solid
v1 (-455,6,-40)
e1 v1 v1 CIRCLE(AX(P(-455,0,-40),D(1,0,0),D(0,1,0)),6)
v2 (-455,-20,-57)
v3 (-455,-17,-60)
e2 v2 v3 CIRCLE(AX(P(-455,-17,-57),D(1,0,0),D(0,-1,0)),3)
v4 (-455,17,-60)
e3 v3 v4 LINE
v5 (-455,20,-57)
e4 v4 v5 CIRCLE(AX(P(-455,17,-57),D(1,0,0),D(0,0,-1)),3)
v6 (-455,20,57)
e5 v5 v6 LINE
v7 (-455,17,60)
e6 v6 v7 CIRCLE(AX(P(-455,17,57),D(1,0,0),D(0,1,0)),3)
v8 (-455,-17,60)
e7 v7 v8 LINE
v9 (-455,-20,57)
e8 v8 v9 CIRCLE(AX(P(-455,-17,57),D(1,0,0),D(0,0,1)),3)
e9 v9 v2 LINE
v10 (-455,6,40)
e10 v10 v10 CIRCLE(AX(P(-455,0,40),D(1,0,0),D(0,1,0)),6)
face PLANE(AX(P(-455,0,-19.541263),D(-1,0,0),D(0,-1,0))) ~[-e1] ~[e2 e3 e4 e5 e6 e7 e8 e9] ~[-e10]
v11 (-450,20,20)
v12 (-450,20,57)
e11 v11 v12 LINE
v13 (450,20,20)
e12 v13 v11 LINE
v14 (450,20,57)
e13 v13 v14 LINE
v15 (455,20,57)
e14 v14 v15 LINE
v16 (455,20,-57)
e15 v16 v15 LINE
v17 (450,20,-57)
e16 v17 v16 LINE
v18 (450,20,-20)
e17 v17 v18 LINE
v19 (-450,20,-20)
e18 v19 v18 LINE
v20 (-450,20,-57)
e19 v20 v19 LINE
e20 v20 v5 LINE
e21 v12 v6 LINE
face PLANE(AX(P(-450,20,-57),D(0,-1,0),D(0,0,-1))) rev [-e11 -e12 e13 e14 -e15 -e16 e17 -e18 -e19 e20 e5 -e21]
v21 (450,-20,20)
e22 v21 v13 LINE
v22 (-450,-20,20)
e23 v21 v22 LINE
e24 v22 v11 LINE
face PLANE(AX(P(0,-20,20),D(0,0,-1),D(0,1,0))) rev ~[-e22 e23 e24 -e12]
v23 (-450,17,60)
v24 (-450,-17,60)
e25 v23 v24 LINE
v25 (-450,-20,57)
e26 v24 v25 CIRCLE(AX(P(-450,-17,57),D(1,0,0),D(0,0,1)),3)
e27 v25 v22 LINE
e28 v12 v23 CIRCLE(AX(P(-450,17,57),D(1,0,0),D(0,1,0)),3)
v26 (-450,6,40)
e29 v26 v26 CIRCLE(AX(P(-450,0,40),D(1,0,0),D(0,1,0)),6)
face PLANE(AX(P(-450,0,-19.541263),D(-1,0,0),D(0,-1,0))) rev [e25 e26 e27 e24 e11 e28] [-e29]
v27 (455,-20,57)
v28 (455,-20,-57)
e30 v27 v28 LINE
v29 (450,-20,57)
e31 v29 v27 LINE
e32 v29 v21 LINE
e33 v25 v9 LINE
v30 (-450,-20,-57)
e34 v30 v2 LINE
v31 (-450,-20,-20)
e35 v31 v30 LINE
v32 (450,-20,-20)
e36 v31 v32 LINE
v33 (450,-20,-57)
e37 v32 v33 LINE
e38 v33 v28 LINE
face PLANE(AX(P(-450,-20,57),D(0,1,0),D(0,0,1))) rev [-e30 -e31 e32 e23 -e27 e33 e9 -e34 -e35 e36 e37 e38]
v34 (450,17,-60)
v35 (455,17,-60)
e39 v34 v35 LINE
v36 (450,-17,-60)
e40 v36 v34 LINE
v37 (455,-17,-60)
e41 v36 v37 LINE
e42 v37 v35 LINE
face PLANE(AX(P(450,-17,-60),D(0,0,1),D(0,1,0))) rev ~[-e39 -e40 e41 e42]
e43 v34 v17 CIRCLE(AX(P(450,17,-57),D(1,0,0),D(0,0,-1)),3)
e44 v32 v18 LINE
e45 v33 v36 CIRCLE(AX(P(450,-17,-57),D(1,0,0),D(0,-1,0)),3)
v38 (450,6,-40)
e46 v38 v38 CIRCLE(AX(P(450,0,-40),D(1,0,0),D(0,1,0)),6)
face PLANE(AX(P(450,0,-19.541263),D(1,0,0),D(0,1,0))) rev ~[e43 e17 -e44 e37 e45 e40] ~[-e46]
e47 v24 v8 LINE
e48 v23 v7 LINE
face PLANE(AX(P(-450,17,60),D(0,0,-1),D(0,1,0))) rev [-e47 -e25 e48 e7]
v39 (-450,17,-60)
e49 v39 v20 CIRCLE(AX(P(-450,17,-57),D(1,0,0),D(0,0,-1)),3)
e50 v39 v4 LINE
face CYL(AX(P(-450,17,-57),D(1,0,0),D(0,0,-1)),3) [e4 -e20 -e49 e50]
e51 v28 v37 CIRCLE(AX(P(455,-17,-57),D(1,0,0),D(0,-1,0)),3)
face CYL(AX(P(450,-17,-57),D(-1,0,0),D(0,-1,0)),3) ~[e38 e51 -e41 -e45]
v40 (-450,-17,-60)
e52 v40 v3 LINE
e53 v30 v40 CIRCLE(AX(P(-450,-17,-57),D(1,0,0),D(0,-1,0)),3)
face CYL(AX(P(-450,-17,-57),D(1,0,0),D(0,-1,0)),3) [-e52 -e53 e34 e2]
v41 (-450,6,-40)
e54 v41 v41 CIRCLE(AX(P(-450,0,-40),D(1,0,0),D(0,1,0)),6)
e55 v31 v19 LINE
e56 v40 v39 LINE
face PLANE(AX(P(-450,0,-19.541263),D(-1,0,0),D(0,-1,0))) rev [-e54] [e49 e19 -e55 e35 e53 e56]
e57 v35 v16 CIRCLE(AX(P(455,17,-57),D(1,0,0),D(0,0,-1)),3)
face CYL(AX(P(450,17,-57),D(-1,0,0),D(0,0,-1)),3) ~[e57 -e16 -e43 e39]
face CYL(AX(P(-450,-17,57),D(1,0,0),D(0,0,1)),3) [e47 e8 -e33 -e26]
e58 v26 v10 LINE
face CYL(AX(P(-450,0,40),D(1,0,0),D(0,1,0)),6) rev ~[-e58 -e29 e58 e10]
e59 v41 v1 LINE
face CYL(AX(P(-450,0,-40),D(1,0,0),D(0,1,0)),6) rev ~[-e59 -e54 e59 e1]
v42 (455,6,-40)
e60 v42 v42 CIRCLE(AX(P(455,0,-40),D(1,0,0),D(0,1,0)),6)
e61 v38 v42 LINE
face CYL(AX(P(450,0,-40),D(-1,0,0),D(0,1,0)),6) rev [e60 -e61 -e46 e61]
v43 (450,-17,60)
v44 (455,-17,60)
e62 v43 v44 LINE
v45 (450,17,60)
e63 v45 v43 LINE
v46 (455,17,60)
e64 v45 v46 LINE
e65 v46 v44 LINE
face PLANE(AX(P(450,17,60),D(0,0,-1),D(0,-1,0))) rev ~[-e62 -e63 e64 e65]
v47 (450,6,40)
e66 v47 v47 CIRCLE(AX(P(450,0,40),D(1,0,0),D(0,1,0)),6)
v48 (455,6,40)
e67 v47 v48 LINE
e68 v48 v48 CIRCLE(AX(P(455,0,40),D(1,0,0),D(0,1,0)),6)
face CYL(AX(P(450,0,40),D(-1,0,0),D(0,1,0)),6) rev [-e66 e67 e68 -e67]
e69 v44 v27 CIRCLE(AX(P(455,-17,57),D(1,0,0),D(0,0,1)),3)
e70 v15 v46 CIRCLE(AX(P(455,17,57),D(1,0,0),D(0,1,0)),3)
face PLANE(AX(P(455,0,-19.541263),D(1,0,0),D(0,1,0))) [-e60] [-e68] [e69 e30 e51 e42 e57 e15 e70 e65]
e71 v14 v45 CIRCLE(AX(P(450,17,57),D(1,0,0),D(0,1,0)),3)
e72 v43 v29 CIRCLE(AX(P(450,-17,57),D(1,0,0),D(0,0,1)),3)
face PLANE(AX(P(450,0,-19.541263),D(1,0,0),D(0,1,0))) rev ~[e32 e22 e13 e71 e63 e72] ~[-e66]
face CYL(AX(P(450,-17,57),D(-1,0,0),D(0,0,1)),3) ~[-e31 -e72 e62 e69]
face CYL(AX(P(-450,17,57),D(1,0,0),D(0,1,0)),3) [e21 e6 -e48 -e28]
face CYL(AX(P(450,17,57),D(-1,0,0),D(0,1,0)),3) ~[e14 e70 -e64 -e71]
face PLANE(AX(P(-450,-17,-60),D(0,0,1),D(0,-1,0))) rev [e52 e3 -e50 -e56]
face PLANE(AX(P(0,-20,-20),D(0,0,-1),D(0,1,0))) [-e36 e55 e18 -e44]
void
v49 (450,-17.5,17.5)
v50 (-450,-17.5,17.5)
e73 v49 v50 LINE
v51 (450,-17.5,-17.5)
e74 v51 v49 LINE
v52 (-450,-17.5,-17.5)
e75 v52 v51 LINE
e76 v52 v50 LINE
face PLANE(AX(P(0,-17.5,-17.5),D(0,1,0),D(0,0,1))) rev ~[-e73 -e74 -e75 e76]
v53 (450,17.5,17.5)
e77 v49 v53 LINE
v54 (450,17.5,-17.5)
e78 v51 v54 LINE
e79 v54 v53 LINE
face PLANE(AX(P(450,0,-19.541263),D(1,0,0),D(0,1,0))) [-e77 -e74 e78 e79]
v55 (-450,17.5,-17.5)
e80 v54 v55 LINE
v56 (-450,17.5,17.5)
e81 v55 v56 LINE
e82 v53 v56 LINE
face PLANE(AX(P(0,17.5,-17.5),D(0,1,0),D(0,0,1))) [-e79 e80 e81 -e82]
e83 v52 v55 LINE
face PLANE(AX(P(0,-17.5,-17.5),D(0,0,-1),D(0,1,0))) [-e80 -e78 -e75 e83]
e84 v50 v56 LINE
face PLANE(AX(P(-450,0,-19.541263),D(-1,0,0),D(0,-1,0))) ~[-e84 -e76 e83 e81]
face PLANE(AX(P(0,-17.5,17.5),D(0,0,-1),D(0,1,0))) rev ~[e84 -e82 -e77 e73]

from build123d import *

# Parameters (mm, degrees)
F0_W     = 40
F0_H     = 40
F0_W_2   = 35
F0_H_2   = 35
F1_DEPTH = 450
F2_R     = 6
F3_DEPTH = 5


with BuildPart() as f1:
    # F0 (on Right) → F1 (new body, symmetric)
    with BuildSketch(Plane.YZ):
        Rectangle(F0_W, F0_H)
        Rectangle(F0_W_2, F0_H_2, mode=Mode.SUBTRACT)
    extrude(amount=F1_DEPTH, both=True)

    # F2 (on face) → F3 (join)
    with BuildSketch(Plane.YZ.offset(450)):
        with BuildLine():
            Line((20, -20), (20, 20))
            Line((20, 20), (-20, 20))
            Line((-20, 20), (-20, -20))
            Line((-20, -20), (-20, -57))
            ThreePointArc((-20, -57), (-19.1213203436, -59.1213203436), (-17, -60))
            Line((-17, -60), (17, -60))
            ThreePointArc((17, -60), (19.1213203436, -59.1213203436), (20, -57))
            Line((20, -57), (20, -20))
        make_face()
        with Locations((0, -40)):
            Circle(F2_R, mode=Mode.SUBTRACT)
        with BuildLine():
            Line((-20, 20), (20, 20))
            Line((20, 20), (20, 57))
            ThreePointArc((20, 57), (19.1213203436, 59.1213203436), (17, 60))
            Line((17, 60), (-17, 60))
            ThreePointArc((-17, 60), (-19.1213203436, 59.1213203436), (-20, 57))
            Line((-20, 57), (-20, 20))
        make_face()
        with Locations((0, 40)):
            Circle(F2_R, mode=Mode.SUBTRACT)
    extrude(amount=F3_DEPTH)

    # F4: F1 across plane


with BuildPart() as f1_1:
    add(f1.part)
    add(f1.part.mirror(Plane.YZ))


solid = f1_1.part
